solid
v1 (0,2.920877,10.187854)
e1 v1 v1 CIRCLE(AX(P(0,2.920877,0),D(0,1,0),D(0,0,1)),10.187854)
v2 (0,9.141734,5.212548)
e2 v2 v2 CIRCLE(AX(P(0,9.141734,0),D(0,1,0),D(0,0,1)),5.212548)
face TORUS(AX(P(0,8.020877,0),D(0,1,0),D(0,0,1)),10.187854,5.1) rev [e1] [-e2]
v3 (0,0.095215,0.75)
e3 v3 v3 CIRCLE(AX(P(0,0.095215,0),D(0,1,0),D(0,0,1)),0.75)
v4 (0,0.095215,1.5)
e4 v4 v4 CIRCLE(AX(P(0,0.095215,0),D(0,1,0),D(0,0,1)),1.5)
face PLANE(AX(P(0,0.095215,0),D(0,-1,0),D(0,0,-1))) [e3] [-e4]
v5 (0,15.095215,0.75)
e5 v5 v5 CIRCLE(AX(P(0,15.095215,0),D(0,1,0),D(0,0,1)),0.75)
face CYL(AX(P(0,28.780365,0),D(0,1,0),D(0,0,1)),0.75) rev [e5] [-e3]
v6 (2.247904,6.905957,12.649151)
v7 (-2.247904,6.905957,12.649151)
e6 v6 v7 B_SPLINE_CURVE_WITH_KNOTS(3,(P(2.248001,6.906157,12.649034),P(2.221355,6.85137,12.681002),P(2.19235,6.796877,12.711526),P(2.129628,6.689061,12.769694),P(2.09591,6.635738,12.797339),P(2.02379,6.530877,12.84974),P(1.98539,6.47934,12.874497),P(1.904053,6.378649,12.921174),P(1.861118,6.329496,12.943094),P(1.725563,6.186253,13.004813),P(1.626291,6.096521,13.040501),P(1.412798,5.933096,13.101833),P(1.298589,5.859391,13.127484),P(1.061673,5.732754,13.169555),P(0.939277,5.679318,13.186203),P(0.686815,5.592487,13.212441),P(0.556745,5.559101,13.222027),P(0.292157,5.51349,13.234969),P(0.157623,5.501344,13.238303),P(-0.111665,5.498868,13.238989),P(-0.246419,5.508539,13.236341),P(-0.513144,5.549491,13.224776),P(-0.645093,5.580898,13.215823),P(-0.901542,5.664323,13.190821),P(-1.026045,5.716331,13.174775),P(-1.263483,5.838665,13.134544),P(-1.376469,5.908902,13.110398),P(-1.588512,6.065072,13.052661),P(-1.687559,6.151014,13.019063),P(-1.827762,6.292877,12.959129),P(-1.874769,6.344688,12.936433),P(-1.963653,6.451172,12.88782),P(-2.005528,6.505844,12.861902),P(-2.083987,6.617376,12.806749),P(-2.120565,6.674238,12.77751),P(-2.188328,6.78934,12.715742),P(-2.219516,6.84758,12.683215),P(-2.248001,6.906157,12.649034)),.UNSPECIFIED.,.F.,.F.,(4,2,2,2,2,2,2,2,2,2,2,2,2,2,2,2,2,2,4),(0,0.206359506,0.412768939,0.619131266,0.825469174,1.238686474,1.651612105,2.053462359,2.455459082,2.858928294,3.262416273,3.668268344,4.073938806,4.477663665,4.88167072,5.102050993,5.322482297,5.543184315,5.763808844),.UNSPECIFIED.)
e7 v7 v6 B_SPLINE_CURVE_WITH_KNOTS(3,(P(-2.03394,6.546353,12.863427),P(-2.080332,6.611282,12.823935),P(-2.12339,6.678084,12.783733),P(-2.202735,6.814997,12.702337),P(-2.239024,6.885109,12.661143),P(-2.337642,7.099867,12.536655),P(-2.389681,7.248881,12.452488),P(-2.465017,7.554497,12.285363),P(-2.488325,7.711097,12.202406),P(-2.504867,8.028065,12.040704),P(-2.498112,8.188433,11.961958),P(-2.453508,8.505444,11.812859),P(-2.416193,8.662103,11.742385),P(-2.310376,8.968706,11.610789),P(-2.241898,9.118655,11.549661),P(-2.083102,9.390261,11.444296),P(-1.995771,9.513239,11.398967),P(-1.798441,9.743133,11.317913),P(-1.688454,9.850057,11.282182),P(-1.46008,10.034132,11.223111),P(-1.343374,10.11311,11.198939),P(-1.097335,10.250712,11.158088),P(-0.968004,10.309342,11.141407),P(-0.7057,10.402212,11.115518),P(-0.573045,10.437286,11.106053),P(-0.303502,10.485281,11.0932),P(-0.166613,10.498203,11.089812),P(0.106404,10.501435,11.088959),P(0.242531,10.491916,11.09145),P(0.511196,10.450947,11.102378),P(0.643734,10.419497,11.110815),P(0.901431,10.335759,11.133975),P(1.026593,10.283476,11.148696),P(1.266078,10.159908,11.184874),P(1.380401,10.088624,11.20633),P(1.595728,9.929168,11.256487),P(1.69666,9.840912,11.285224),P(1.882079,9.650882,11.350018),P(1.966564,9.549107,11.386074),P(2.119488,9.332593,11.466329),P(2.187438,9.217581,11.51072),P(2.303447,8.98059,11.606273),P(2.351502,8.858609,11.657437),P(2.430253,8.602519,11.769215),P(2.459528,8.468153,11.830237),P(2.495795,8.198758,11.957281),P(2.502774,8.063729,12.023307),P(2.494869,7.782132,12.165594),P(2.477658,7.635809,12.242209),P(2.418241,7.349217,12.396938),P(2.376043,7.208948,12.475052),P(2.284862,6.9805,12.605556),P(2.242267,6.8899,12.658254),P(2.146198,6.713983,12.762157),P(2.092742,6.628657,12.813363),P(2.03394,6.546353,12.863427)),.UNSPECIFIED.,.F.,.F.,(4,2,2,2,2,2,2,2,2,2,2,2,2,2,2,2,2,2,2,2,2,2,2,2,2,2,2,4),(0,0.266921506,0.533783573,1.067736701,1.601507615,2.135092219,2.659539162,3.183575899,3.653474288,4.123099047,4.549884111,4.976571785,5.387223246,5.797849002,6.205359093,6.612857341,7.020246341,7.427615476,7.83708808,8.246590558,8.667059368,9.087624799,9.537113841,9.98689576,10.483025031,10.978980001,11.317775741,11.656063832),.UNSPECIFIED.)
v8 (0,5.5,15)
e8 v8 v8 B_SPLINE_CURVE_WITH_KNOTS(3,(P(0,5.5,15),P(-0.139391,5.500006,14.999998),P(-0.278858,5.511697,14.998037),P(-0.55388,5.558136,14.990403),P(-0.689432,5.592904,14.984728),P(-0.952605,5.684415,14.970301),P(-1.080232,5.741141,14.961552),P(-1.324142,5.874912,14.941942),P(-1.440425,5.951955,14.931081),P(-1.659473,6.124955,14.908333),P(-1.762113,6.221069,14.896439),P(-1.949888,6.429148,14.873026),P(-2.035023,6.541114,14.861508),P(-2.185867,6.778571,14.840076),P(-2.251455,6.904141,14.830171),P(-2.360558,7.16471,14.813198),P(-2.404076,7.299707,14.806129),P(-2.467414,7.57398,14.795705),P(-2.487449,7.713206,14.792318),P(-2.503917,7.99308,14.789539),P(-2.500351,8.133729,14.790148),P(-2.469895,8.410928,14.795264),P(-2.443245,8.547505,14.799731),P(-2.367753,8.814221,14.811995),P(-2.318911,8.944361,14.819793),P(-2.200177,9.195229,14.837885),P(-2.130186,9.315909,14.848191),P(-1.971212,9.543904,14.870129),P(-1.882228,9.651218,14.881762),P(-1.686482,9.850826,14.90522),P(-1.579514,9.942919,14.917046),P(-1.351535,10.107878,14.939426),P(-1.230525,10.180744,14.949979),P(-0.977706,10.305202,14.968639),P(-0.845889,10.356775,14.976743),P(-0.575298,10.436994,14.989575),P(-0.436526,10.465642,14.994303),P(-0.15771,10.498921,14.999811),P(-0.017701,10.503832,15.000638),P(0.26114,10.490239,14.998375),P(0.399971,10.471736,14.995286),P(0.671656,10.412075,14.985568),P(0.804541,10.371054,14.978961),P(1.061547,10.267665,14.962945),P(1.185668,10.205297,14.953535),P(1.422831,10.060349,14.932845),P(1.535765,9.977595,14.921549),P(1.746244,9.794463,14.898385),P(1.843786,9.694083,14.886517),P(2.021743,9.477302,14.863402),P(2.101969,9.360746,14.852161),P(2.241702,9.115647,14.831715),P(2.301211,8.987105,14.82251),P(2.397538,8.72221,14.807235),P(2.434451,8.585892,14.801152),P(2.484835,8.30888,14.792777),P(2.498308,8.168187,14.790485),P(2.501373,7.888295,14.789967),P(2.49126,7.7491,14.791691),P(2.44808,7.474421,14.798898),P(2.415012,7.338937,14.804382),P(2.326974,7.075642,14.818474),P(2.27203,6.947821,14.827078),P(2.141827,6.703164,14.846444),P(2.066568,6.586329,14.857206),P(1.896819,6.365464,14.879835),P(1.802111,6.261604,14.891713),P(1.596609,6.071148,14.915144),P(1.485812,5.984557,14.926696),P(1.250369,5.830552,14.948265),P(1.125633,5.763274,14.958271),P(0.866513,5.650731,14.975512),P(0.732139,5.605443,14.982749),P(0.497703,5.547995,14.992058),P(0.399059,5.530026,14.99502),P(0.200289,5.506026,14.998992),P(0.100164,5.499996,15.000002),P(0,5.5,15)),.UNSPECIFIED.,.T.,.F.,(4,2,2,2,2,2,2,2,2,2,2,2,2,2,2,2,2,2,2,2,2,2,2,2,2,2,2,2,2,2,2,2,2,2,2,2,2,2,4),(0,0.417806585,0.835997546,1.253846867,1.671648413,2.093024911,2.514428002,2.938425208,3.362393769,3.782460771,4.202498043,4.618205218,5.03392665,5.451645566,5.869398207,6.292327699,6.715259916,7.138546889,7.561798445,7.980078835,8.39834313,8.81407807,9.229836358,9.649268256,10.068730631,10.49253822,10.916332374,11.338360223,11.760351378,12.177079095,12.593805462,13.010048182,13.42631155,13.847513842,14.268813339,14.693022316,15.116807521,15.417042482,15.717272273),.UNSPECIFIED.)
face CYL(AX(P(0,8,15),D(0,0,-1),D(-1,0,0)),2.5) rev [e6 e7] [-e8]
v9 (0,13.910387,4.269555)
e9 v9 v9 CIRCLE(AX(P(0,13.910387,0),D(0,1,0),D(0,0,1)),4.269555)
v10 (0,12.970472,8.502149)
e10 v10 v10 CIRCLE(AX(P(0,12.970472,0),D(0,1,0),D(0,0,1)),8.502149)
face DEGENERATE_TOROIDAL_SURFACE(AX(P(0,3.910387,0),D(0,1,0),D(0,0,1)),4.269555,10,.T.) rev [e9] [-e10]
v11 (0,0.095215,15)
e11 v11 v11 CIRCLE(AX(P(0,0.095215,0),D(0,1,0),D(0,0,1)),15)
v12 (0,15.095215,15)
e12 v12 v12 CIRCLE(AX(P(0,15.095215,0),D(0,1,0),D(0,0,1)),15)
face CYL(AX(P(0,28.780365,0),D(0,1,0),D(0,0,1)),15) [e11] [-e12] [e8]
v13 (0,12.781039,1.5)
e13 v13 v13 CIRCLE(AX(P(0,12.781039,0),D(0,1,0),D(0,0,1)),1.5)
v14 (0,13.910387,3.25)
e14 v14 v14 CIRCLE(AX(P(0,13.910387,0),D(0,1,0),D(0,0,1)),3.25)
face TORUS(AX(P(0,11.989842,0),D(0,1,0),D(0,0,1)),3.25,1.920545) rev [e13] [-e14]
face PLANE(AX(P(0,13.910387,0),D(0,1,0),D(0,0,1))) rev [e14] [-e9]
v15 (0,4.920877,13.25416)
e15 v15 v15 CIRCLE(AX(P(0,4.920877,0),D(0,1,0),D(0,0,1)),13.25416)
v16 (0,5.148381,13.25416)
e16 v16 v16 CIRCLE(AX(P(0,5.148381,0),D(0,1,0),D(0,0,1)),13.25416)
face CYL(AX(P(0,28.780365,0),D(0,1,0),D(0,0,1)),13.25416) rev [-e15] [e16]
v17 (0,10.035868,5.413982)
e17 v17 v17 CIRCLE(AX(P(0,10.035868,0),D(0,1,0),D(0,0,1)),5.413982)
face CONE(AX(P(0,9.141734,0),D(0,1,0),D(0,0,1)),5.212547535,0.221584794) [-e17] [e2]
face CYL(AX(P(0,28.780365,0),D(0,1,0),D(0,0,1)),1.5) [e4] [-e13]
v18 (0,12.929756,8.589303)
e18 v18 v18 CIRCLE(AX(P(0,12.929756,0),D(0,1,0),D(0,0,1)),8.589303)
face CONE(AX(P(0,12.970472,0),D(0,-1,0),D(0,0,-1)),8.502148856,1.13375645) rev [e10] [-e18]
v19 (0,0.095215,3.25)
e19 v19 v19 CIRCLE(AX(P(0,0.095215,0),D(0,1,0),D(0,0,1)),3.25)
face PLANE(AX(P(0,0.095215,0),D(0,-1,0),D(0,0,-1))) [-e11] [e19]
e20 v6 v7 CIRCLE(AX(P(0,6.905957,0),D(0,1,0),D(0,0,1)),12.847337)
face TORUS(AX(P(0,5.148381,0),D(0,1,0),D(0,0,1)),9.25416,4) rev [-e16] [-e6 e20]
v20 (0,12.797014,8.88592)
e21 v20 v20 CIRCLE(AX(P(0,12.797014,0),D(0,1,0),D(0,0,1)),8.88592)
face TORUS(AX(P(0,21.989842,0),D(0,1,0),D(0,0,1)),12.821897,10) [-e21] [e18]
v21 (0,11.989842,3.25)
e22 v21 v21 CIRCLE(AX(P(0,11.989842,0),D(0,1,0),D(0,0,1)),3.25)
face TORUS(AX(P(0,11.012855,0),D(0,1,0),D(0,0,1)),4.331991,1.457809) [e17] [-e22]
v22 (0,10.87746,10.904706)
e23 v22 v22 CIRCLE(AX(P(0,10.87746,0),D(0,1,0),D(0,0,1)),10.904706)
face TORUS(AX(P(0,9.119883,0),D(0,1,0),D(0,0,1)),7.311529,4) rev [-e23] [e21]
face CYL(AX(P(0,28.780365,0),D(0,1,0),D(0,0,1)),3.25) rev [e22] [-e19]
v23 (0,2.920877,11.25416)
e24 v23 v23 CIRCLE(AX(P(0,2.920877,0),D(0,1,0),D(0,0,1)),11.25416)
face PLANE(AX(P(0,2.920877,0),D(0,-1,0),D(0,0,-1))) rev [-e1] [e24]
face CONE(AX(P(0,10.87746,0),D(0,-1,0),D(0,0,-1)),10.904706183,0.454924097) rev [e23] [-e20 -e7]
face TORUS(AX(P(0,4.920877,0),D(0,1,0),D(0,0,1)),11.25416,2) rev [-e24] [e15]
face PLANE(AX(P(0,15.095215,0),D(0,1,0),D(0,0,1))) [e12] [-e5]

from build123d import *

# Parameters (mm, degrees)
CUT_EXTRUDE2_START = 8
SKETCH3_R          = 2.5
CUT_EXTRUDE2_DEPTH = 19.035850718


with BuildPart() as part:
    # Sketch2 → Revolve1 (revolve)
    with BuildSketch(Plane.XY, mode=Mode.PRIVATE) as revolve1_sk:
        with BuildLine():
            Line((0.75, 15.095215223), (0.75, 0.095215223))
            Line((0.75, 0.095215223), (1.5, 0.095215223))
            Line((1.5, 0.095215223), (1.5, 12.781039466))
            ThreePointArc((1.5, 12.781039466), (2.208615612, 13.603537029), (3.25, 13.910386965))
            Line((3.25, 13.910386965), (4.269554592, 13.910386965))
            ThreePointArc((4.269554592, 13.910386965), (6.437404554, 13.672580701), (8.502148856, 12.970472273))
            Line((8.502148856, 12.970472273), (8.589303094, 12.929756484))
            ThreePointArc((8.589303094, 12.929756484), (8.73707216, 12.862180366), (8.885919712, 12.797014155))
            ThreePointArc((8.885919712, 12.797014155), (10.067814864, 12.018656345), (10.904706183, 10.877459625))
            Line((10.904706183, 10.877459625), (12.847337494, 6.905957348))
            ThreePointArc((12.847337494, 6.905957348), (13.151127383, 6.050403517), (13.254159965, 5.148380822))
            Line((13.254159965, 5.148380822), (13.254159965, 4.920876594))
            ThreePointArc((13.254159965, 4.920876594), (12.668373527, 3.506663032), (11.254159965, 2.920876594))
            Line((11.254159965, 2.920876594), (10.187854447, 2.920876594))
            ThreePointArc((10.187854447, 2.920876594), (6.204992893, 4.835470209), (5.212547535, 9.141733912))
            Line((5.212547535, 9.141733912), (5.236002206, 9.245845457))
            Line((5.236002206, 9.245845457), (5.413981751, 10.035868278))
            ThreePointArc((5.413981751, 10.035868278), (5.308977633, 12.09484591), (3.25, 11.989841792))
            Line((3.25, 11.989841792), (3.25, 0.095215223))
            Line((3.25, 0.095215223), (15, 0.095215223))
            Line((15, 0.095215223), (15, 15.095215223))
            Line((15, 15.095215223), (0.75, 15.095215223))
        make_face()
    revolve(revolve1_sk.sketch.rotate(Axis((0, 28.78036469, 0), (0, -1, 0)), 90), axis=Axis((0, 28.78036469, 0), (0, -1, 0)))

    # Sketch3 → Cut-Extrude2 (cut, through all)
    with BuildSketch(Plane.XY.offset(CUT_EXTRUDE2_START)):
        with Locations(Location((0, 8, 0), (0, 0, 270))):
            Circle(SKETCH3_R)
    extrude(amount=CUT_EXTRUDE2_DEPTH, mode=Mode.SUBTRACT)


solid = part.part
